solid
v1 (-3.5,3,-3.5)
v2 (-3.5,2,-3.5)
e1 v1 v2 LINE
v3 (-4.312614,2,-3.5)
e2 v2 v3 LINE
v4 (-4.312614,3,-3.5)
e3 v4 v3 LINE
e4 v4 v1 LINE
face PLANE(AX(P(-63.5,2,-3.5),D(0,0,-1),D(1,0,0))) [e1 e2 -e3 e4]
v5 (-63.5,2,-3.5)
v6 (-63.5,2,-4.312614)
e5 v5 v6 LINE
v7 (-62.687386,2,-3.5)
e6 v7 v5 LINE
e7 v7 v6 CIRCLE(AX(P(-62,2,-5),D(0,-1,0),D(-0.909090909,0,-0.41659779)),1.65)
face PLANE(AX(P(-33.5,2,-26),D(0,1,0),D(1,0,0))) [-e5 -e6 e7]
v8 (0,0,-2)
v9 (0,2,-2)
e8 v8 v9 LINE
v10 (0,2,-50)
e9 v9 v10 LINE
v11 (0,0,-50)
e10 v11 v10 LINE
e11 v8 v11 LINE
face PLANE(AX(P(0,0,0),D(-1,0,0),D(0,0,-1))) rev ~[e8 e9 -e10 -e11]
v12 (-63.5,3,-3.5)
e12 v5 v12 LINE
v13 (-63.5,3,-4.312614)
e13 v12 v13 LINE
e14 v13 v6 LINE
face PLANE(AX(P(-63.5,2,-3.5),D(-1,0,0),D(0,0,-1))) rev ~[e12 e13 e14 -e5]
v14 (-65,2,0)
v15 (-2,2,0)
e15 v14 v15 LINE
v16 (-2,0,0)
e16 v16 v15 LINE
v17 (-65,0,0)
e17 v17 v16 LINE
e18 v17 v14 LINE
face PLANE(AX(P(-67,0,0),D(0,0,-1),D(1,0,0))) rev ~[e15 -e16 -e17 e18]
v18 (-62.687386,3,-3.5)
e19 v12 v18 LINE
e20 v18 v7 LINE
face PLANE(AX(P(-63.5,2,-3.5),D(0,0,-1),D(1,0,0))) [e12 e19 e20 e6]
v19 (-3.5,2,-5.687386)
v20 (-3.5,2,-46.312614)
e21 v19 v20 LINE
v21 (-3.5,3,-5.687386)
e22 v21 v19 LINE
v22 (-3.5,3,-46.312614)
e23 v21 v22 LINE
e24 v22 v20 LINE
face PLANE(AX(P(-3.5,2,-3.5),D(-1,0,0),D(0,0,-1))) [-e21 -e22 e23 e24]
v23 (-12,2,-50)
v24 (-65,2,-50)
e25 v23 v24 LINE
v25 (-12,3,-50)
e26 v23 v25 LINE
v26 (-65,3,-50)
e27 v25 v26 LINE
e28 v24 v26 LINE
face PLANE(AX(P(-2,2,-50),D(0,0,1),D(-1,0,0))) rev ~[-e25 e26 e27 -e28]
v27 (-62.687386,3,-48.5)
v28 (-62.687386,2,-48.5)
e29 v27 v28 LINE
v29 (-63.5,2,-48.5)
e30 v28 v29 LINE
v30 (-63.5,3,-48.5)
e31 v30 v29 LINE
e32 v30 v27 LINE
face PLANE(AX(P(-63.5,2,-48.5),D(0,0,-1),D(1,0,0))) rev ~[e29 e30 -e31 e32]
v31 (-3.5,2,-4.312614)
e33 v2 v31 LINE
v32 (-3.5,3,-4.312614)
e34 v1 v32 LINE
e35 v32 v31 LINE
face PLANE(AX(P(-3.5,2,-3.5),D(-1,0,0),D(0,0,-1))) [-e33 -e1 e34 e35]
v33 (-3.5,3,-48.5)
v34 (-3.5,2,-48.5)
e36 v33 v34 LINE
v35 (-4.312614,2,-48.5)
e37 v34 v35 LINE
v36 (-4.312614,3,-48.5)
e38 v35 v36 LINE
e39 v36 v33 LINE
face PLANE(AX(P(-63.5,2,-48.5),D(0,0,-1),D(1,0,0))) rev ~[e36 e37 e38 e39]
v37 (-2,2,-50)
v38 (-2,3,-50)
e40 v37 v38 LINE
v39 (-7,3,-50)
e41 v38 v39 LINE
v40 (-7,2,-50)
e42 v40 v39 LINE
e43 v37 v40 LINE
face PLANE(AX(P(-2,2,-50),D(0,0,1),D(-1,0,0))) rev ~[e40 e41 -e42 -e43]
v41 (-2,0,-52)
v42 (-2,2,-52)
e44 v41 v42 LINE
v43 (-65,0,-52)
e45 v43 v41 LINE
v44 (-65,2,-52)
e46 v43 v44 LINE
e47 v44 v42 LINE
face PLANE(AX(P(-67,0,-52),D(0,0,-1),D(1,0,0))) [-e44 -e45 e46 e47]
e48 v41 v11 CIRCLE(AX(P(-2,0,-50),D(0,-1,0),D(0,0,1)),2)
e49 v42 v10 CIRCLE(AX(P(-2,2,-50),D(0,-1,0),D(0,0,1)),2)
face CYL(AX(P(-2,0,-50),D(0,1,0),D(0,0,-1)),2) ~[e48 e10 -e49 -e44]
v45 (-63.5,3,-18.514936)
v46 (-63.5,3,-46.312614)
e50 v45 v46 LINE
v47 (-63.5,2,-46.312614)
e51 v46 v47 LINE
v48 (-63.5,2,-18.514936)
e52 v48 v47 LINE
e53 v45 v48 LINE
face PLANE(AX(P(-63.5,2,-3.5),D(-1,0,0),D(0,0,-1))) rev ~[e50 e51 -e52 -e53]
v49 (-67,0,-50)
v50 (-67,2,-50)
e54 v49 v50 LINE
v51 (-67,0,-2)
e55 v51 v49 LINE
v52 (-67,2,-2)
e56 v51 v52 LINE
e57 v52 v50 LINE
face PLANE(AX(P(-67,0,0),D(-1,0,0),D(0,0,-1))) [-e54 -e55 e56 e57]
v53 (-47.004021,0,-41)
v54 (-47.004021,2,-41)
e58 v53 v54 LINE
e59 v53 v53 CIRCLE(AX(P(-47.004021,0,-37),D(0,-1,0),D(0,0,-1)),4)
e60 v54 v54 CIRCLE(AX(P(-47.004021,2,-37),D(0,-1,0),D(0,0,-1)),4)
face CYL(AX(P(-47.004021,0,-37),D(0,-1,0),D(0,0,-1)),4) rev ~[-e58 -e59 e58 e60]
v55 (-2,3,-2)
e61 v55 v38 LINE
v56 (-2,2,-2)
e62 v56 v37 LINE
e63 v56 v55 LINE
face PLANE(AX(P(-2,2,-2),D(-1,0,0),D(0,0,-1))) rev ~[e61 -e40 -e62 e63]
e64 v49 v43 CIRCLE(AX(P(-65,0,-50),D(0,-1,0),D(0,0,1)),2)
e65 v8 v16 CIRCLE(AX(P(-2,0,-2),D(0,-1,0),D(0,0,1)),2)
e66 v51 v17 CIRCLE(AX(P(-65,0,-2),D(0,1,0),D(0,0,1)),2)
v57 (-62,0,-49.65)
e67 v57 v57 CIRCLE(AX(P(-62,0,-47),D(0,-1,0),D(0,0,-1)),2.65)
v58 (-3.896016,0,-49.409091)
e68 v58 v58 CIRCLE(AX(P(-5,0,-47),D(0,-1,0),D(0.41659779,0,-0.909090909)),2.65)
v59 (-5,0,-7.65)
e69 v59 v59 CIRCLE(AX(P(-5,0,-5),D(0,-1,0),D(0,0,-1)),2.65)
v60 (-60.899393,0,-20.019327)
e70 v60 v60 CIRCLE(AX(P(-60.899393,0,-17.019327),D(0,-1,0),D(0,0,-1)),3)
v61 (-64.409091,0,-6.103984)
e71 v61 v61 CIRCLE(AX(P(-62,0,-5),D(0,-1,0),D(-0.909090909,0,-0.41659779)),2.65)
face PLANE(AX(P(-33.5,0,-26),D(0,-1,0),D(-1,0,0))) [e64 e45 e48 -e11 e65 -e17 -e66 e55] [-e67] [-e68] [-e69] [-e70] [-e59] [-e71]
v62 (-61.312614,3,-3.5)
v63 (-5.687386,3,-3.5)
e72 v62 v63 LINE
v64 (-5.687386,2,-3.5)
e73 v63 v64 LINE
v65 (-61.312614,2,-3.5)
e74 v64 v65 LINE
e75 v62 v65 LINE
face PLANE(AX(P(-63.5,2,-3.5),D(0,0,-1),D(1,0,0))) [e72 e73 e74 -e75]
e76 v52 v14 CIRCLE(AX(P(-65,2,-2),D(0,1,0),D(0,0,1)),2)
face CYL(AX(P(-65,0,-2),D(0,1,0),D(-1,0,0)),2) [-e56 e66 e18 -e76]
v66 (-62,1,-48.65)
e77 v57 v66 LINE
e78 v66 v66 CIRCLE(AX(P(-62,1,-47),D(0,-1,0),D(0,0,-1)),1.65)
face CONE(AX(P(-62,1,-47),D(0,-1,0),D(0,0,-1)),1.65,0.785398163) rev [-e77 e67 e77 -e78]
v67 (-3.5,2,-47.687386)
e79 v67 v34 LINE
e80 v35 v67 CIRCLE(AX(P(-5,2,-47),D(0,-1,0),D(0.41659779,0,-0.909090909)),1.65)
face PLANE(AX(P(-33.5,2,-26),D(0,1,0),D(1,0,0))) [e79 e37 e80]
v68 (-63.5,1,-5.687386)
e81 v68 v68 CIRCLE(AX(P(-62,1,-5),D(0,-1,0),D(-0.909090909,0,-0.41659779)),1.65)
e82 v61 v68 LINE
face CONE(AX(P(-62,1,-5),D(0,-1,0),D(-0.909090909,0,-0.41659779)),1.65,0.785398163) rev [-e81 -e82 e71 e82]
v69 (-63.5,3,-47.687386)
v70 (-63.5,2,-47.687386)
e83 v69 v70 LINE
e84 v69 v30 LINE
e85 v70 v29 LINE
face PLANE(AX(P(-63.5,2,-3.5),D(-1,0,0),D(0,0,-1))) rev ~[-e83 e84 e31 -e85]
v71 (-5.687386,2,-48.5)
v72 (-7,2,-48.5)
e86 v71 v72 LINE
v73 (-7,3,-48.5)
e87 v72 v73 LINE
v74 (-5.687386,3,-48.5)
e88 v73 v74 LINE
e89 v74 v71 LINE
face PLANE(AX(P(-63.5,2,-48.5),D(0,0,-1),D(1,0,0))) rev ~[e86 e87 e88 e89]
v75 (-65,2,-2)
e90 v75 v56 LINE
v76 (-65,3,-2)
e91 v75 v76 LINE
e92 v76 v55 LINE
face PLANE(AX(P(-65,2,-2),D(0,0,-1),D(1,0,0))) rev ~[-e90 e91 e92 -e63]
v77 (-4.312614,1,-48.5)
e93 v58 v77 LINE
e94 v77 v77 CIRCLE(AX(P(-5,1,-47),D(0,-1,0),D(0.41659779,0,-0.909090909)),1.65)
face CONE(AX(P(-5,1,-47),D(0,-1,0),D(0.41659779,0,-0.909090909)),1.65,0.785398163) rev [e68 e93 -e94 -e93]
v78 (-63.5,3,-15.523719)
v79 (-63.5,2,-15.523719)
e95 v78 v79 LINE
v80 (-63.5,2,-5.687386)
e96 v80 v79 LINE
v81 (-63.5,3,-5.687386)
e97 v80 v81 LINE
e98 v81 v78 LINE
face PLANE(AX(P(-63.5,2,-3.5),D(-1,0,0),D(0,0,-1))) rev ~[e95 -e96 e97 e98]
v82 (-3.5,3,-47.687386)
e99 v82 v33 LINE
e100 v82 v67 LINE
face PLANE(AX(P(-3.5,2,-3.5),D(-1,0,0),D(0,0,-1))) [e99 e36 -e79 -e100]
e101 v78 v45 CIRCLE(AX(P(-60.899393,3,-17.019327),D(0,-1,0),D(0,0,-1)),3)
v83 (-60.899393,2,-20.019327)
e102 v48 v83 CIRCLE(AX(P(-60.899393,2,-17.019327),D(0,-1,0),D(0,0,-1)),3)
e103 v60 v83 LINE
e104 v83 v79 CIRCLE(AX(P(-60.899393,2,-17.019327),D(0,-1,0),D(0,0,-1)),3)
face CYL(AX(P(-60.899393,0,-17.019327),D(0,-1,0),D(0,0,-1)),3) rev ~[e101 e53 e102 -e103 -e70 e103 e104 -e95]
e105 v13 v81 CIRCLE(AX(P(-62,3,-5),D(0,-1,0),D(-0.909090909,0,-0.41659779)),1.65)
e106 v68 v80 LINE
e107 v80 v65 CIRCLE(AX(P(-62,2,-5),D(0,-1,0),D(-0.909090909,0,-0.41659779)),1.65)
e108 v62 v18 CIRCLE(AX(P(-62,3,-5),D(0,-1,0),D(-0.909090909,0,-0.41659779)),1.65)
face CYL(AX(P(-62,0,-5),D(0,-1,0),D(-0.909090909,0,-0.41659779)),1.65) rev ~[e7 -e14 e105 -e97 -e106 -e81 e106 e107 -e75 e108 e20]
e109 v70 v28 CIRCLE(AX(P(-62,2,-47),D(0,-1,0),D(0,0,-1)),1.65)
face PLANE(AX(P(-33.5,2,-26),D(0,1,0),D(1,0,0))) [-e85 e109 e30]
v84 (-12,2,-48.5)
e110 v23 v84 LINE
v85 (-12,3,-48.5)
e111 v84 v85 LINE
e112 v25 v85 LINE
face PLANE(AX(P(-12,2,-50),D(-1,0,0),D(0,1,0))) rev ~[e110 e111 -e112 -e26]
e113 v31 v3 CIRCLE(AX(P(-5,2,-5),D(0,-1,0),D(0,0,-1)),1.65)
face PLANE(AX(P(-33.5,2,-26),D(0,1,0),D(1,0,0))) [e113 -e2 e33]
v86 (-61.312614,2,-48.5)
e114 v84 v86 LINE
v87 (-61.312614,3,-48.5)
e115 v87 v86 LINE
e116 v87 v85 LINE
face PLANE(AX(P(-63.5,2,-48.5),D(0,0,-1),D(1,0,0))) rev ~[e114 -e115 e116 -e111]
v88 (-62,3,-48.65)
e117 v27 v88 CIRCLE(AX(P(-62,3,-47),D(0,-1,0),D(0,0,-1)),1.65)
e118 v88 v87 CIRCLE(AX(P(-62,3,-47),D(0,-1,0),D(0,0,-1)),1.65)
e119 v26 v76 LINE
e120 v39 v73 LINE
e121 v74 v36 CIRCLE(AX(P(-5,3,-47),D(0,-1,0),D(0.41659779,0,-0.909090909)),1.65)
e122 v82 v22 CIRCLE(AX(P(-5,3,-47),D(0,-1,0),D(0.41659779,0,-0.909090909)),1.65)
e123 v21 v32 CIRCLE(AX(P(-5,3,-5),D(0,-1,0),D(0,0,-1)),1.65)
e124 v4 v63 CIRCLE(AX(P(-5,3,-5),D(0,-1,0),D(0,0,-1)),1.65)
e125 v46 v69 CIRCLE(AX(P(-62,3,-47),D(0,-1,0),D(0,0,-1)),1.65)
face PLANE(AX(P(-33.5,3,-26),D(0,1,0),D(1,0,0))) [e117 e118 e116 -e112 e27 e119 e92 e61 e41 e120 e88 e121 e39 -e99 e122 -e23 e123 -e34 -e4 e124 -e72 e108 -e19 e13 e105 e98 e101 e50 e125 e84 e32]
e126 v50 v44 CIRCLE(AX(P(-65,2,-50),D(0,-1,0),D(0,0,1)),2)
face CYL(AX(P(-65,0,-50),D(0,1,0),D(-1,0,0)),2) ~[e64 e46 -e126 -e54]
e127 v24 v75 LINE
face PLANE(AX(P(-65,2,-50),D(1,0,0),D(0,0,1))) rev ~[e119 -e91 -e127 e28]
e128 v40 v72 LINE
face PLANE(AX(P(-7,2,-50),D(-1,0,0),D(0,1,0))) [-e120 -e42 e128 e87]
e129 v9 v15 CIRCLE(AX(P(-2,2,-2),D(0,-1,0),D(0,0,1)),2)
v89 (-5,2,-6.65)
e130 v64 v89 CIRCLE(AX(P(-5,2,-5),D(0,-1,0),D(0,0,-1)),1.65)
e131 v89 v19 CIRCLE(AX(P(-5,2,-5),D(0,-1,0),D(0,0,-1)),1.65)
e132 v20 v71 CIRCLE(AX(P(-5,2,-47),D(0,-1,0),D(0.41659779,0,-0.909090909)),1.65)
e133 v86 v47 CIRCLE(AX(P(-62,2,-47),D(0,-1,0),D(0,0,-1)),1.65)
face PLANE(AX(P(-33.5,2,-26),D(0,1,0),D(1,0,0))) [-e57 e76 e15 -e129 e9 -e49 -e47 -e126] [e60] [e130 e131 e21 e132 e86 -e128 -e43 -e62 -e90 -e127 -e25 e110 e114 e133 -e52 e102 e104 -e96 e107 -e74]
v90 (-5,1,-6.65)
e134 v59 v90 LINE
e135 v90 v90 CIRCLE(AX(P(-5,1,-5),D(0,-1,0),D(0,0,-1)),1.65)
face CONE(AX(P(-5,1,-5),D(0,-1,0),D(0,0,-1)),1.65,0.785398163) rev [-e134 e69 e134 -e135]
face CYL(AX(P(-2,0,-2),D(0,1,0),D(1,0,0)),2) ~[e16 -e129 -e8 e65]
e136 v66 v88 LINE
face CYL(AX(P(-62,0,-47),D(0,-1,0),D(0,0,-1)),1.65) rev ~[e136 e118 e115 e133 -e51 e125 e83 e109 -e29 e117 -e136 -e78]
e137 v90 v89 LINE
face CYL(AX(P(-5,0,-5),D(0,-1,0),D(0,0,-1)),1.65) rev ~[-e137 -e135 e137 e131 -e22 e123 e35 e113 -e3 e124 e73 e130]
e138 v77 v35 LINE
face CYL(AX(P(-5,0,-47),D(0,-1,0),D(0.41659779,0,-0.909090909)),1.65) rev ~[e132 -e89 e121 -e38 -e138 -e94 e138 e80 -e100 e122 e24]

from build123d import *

# Parameters (mm, degrees)
SKETCH_1_W          = 67
SKETCH_1_H          = 52
SKETCH_1_W_2        = 60
SKETCH_1_H_2        = 45
EXTRUDE_1_DEPTH     = 2
SKETCH_2_W          = 60
SKETCH_2_H          = 45
EXTRUDE_2_DEPTH     = 1
SKETCH_3_W          = 60
SKETCH_3_H          = 45
EXTRUDE_3_DEPTH     = 2
SKETCH_4_W          = 5
SKETCH_4_H          = 1
CUT_EXTRUDE_1_DEPTH = 2
FILLET_1_R          = 2
SKETCH_6_R          = 1.65
CUT_EXTRUDE_3_DEPTH = 85.864598037
CHAMFER_1_SIZE      = 1
SKETCH_7_R          = 3
SKETCH_7_R_2        = 4
CUT_EXTRUDE_4_DEPTH = 10


with BuildPart() as part:
    # Эскиз1 → Бобышка-Вытянуть1 (new body)
    with BuildSketch(Plane(origin=(0, 0, 0), x_dir=(1, 0, 0), z_dir=(0, 1, 0))):
        with Locations((-33.5, 26)):
            Rectangle(SKETCH_1_W, SKETCH_1_H)
        with Locations((-33.5, 26)):
            Rectangle(SKETCH_1_W_2, SKETCH_1_H_2, mode=Mode.SUBTRACT)
    extrude(amount=EXTRUDE_1_DEPTH)

    # Эскиз2 → Бобышка-Вытянуть2 (add)
    with BuildSketch(Plane(origin=(0, 2, 0), x_dir=(1, 0, 0), z_dir=(0, 1, 0))):
        Polygon((-65, 50), (-65, 3.5), (-65, 2), (-2, 2), (-2, 50), align=None)
        with Locations((-33.5, 26)):
            Rectangle(SKETCH_2_W, SKETCH_2_H, mode=Mode.SUBTRACT)
    extrude(amount=EXTRUDE_2_DEPTH)

    # Эскиз3 → Бобышка-Вытянуть3 (add)
    with BuildSketch(Plane(origin=(0, 0, 0), x_dir=(-1, 0, 0), z_dir=(0, -1, 0))):
        with Locations((33.5, 26)):
            Rectangle(SKETCH_3_W, SKETCH_3_H)
    extrude(amount=-EXTRUDE_3_DEPTH)

    # Эскиз4 → Вырез-Вытянуть1 (cut)
    with BuildSketch(Plane(origin=(0, 0, -50), x_dir=(-1, 0, 0), z_dir=(0, 0, -1))):
        with Locations((9.5, 2.5)):
            Rectangle(SKETCH_4_W, SKETCH_4_H)
    extrude(amount=-CUT_EXTRUDE_1_DEPTH, mode=Mode.SUBTRACT)

    # Скругление1
    fillet_1_edges = [part.edges().sort_by_distance(p)[0] for p in [
        (-67, 1, -52),
        (0, 1, -52),
        (0, 1, 0),
        (-67, 1, 0),
    ]]
    fillet(fillet_1_edges, radius=FILLET_1_R)

    # Эскиз6 → Вырез-Вытянуть3 (cut, through all)
    with BuildSketch(Plane(origin=(0, 0, 0), x_dir=(-1, 0, 0), z_dir=(0, -1, 0))):
        with Locations(Location((62, 47, 0), (0, 0, 90))):
            Circle(SKETCH_6_R)
        with Locations(Location((62, 5, 0), (0, 0, 24.619977329))):
            Circle(SKETCH_6_R)
        with Locations(Location((5, 47, 0), (0, 0, 114.619977329))):
            Circle(SKETCH_6_R)
        with Locations(Location((5, 5, 0), (0, 0, 90))):
            Circle(SKETCH_6_R)
    extrude(amount=-CUT_EXTRUDE_3_DEPTH, mode=Mode.SUBTRACT)

    # Фаска1
    chamfer_1_edges = [part.edges().sort_by_distance(p)[0] for p in [
        (-62, 0, -45.35),
        (-60.5, 0, -4.312613646),
        (-5.687386354, 0, -45.5),
        (-5, 0, -3.35),
    ]]
    chamfer(chamfer_1_edges, length=CHAMFER_1_SIZE)

    # Эскиз7 → Вырез-Вытянуть4 (cut)
    with BuildSketch(Plane(origin=(0, 0, 0), x_dir=(-1, 0, 0), z_dir=(0, -1, 0))):
        with Locations(Location((60.899393258, 17.01932713, 0), (0, 0, 90))):
            Circle(SKETCH_7_R)
        with Locations(Location((47.004021418, 37, 0), (0, 0, 90))):
            Circle(SKETCH_7_R_2)
    extrude(amount=-CUT_EXTRUDE_4_DEPTH, mode=Mode.SUBTRACT)


solid = part.part
